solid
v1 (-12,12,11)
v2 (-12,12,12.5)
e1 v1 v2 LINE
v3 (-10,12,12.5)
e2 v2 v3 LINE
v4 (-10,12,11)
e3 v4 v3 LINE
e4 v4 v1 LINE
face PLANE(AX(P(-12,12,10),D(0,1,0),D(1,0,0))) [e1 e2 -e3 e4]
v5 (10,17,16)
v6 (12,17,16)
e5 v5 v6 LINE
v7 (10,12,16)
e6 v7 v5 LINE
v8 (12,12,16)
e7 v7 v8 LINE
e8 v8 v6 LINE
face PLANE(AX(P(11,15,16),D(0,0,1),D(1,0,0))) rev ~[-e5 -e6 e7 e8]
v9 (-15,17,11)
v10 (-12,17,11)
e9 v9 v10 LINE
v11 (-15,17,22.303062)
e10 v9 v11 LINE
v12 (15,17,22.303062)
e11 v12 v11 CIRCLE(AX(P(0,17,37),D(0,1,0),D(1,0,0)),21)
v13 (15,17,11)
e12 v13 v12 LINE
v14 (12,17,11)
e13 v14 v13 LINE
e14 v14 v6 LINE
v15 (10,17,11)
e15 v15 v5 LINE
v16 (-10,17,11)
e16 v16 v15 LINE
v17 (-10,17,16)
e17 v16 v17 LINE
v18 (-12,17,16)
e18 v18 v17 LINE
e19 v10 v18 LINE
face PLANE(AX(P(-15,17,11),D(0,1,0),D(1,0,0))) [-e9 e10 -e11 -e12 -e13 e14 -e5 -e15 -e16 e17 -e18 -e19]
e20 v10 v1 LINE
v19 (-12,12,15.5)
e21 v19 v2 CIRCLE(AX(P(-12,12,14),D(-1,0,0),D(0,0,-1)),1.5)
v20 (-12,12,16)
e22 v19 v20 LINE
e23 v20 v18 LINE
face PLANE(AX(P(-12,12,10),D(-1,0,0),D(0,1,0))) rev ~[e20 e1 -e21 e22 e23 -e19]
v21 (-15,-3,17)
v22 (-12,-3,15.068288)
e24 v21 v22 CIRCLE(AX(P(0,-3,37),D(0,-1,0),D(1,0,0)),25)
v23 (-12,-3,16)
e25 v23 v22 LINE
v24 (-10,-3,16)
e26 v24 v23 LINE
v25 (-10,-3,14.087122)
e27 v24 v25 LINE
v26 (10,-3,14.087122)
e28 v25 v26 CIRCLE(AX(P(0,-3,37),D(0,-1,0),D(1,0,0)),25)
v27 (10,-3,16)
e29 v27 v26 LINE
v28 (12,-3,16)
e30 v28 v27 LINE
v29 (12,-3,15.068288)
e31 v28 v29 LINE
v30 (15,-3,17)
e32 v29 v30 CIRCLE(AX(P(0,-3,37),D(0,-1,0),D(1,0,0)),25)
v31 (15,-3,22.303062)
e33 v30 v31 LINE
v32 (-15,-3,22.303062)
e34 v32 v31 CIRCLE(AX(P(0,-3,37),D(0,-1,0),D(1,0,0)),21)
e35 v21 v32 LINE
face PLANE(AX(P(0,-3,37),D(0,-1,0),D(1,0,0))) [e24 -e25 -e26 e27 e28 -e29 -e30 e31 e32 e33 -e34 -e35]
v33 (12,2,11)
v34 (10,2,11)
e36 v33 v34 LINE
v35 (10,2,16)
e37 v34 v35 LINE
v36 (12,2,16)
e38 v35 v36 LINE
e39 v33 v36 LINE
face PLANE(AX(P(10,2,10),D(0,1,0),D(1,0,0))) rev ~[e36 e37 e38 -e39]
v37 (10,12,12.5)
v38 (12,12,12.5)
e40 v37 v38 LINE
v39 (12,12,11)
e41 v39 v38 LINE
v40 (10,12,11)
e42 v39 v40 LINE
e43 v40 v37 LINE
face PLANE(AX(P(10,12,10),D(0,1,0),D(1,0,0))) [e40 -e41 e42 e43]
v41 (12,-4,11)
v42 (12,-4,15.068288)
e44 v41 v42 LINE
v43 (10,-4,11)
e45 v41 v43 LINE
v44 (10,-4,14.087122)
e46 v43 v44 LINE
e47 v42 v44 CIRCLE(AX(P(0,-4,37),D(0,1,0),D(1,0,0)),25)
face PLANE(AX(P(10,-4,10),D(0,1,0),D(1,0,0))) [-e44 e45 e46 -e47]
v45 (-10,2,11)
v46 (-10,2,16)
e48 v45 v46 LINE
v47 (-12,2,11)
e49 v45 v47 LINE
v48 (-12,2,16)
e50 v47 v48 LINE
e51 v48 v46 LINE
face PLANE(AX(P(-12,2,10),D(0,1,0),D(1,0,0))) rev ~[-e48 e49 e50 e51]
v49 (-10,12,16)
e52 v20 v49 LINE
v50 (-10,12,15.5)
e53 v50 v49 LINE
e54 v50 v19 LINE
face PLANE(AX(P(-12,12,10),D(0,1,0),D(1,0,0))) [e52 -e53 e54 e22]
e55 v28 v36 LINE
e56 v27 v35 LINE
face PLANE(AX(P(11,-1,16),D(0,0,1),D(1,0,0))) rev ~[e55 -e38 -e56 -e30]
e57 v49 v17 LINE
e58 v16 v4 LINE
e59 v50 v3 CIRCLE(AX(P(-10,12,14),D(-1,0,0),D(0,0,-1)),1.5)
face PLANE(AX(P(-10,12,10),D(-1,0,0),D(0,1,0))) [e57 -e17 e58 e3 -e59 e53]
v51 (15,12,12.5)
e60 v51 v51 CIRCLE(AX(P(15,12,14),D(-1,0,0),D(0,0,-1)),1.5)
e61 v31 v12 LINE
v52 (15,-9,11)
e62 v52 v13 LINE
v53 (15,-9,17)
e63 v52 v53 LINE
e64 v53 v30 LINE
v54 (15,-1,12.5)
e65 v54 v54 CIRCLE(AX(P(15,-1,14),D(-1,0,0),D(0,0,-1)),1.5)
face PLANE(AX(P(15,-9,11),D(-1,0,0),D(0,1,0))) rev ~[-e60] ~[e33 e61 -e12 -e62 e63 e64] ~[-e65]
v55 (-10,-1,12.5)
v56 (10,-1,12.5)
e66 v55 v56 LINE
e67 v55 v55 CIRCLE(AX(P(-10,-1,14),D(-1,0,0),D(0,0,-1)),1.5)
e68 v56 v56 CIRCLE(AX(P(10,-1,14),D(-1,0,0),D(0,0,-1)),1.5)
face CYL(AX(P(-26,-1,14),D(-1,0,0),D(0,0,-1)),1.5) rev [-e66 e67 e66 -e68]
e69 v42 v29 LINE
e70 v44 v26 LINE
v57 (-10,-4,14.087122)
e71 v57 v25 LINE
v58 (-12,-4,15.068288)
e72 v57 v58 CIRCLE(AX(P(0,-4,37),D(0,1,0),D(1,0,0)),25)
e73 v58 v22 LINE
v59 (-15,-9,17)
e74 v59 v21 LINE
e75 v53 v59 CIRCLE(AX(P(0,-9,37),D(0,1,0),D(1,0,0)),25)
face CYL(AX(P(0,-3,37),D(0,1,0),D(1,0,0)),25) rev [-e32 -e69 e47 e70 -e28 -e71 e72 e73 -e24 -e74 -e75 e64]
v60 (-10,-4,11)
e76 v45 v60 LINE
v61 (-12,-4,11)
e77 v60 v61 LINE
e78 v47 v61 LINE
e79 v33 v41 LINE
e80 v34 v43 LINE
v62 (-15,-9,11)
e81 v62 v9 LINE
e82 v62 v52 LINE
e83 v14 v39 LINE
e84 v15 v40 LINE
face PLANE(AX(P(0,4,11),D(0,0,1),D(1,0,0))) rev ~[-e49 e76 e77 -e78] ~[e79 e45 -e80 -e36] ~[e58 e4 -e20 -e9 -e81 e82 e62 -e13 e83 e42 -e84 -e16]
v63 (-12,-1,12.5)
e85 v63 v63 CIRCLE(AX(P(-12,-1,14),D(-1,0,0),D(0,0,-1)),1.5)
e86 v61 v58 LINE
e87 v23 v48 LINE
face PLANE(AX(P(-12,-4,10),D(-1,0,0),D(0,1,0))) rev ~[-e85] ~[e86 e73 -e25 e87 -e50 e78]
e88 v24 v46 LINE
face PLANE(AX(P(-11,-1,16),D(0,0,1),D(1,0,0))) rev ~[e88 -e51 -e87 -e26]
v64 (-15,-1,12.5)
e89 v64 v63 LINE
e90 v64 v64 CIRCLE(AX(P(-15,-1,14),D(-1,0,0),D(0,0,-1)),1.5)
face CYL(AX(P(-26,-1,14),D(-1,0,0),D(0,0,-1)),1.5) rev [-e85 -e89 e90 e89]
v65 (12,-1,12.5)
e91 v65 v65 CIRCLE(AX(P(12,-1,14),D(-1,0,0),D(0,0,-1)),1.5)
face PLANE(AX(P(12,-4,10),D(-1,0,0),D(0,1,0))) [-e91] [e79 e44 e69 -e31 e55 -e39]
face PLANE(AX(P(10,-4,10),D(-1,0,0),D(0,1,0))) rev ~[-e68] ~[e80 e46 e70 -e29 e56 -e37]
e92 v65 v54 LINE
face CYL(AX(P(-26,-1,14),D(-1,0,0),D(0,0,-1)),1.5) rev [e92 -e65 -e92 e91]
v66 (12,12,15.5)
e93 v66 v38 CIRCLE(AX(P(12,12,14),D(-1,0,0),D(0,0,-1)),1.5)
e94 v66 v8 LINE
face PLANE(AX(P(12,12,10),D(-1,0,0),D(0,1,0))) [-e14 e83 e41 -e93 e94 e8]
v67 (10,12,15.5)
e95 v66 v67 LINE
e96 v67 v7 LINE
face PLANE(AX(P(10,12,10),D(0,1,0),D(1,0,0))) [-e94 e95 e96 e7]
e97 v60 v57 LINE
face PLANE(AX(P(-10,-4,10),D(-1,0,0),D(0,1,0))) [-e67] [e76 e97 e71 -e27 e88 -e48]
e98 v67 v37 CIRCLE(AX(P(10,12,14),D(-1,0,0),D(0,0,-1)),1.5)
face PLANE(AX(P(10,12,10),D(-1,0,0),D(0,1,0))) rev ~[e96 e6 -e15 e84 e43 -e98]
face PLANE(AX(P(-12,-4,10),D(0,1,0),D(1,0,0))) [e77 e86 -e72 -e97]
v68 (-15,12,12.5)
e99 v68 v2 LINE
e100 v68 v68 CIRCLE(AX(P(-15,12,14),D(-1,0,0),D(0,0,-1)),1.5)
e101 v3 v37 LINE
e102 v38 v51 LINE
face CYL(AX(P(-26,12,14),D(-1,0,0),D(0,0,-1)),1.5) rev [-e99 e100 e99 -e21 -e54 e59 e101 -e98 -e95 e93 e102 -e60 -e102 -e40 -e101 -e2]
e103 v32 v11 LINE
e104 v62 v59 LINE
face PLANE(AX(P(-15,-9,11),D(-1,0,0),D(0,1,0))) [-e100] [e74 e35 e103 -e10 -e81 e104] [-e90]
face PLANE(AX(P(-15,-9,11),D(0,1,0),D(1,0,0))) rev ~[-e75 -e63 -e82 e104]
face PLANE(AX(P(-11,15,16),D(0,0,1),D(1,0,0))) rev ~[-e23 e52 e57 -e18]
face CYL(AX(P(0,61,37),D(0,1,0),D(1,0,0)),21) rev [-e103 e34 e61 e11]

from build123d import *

# Parameters (mm, degrees)
CYLINDER2795_R     = 1.5
CYLINDER2795_DEPTH = 64
CYLINDER2794_R     = 1.5
CYLINDER2794_DEPTH = 64
CYLINDER2793_R     = 38
CYLINDER2793_DEPTH = 30
BOX983_W           = 2
BOX983_H           = 6
BOX983_DEPTH       = 6
BOX984_W           = 2
BOX984_H           = 6
BOX984_DEPTH       = 6
BOX985_W           = 2
BOX985_H           = 6
BOX985_DEPTH       = 6
BOX986_W           = 2
BOX986_H           = 6
BOX986_DEPTH       = 6
BOX987_W           = 2
BOX987_H           = 6
BOX987_DEPTH       = 6
BOX989_W           = 2
BOX989_H           = 6
BOX989_DEPTH       = 6
TUBE139_R          = 21
TUBE139_R_2        = 2
TUBE139_DEPTH      = 64
TUBE140_R          = 25
TUBE140_R_2        = 2
TUBE140_DEPTH      = 26
BOX988_W           = 30
BOX988_H           = 64
BOX988_DEPTH       = 18
BOX982_W           = 30
BOX982_H           = 26
BOX982_DEPTH       = 18


with BuildPart() as v_lec2765:
    # Cylinder2795 → Cylinder2795 (new body)
    with BuildSketch(Plane(origin=(-26, 12, 14), x_dir=(0, 0, -1), z_dir=(1, 0, 0))):
        Circle(CYLINDER2795_R)
    extrude(amount=CYLINDER2795_DEPTH)


with BuildPart() as compound1245:
    # Cylinder2794 → Cylinder2794 (new body)
    with BuildSketch(Plane(origin=(-26, -1, 14), x_dir=(0, 0, -1), z_dir=(1, 0, 0))):
        Circle(CYLINDER2794_R)
    extrude(amount=CYLINDER2794_DEPTH)

    # Compound1245: union Válec2765
    add(v_lec2765.part)


with BuildPart() as v_lec2763:
    # Cylinder2793 → Cylinder2793 (new body)
    with BuildSketch(Plane.XY):
        Circle(CYLINDER2793_R)
    extrude(amount=CYLINDER2793_DEPTH)


with BuildPart() as krychle982:
    # Box983 → Box983 (new body)
    with BuildSketch(Plane(origin=(-12, -4, 10), x_dir=(1, 0, 0), z_dir=(0, 0, 1))):
        with Locations((1, 3)):
            Rectangle(BOX983_W, BOX983_H)
    extrude(amount=BOX983_DEPTH)


with BuildPart() as krychle983:
    # Box984 → Box984 (new body)
    with BuildSketch(Plane(origin=(10, 26, 10), x_dir=(1, 0, 0), z_dir=(0, 0, 1))):
        with Locations((1, 3)):
            Rectangle(BOX984_W, BOX984_H)
    extrude(amount=BOX984_DEPTH)


with BuildPart() as krychle984:
    # Box985 → Box985 (new body)
    with BuildSketch(Plane(origin=(-12, 26, 10), x_dir=(1, 0, 0), z_dir=(0, 0, 1))):
        with Locations((1, 3)):
            Rectangle(BOX985_W, BOX985_H)
    extrude(amount=BOX985_DEPTH)


with BuildPart() as krychle985:
    # Box986 → Box986 (new body)
    with BuildSketch(Plane(origin=(10, 12, 10), x_dir=(1, 0, 0), z_dir=(0, 0, 1))):
        with Locations((1, 3)):
            Rectangle(BOX986_W, BOX986_H)
    extrude(amount=BOX986_DEPTH)


with BuildPart() as krychle986:
    # Box987 → Box987 (new body)
    with BuildSketch(Plane(origin=(-12, 12, 10), x_dir=(1, 0, 0), z_dir=(0, 0, 1))):
        with Locations((1, 3)):
            Rectangle(BOX987_W, BOX987_H)
    extrude(amount=BOX987_DEPTH)


with BuildPart() as compound1244:
    # Box989 → Box989 (new body)
    with BuildSketch(Plane(origin=(10, -4, 10), x_dir=(1, 0, 0), z_dir=(0, 0, 1))):
        with Locations((1, 3)):
            Rectangle(BOX989_W, BOX989_H)
    extrude(amount=BOX989_DEPTH)

    # Compound1244: union Krychle982, Krychle983, Krychle984, Krychle985, Krychle986
    add(krychle982.part)
    add(krychle983.part)
    add(krychle984.part)
    add(krychle985.part)
    add(krychle986.part)


with BuildPart() as tube139:
    # Tube139 → Tube139 (new body)
    with BuildSketch(Plane(origin=(0, 61, 37), x_dir=(1, 0, 0), z_dir=(0, -1, 0))):
        Circle(TUBE139_R)
        Circle(TUBE139_R_2, mode=Mode.SUBTRACT)
    extrude(amount=TUBE139_DEPTH)


with BuildPart() as tube140:
    # Tube140 → Tube140 (new body)
    with BuildSketch(Plane(origin=(0, -3, 37), x_dir=(1, 0, 0), z_dir=(0, -1, 0))):
        Circle(TUBE140_R)
        Circle(TUBE140_R_2, mode=Mode.SUBTRACT)
    extrude(amount=TUBE140_DEPTH)


with BuildPart() as common009:
    # Box988 → Box988 (new body)
    with BuildSketch(Plane(origin=(-15, -17, 11), x_dir=(1, 0, 0), z_dir=(0, 0, 1))):
        with Locations((15, 32)):
            Rectangle(BOX988_W, BOX988_H)
    extrude(amount=BOX988_DEPTH)

    # Cut1053: cut Tube140
    add(tube140.part, mode=Mode.SUBTRACT)

    # Cut1054: cut Tube139
    add(tube139.part, mode=Mode.SUBTRACT)

    # Cut1055: cut Compound1244
    add(compound1244.part, mode=Mode.SUBTRACT)

    # Common009: intersect Válec2763
    add(v_lec2763.part, mode=Mode.INTERSECT)


with BuildPart() as cut1056:
    # Box982 → Box982 (new body)
    with BuildSketch(Plane(origin=(-15, -9, 11), x_dir=(1, 0, 0), z_dir=(0, 0, 1))):
        with Locations((15, 13)):
            Rectangle(BOX982_W, BOX982_H)
    extrude(amount=BOX982_DEPTH)

    # Common010: intersect Common009
    add(common009.part, mode=Mode.INTERSECT)

    # Cut1056: cut Compound1245
    add(compound1245.part, mode=Mode.SUBTRACT)


solid = cut1056.part
